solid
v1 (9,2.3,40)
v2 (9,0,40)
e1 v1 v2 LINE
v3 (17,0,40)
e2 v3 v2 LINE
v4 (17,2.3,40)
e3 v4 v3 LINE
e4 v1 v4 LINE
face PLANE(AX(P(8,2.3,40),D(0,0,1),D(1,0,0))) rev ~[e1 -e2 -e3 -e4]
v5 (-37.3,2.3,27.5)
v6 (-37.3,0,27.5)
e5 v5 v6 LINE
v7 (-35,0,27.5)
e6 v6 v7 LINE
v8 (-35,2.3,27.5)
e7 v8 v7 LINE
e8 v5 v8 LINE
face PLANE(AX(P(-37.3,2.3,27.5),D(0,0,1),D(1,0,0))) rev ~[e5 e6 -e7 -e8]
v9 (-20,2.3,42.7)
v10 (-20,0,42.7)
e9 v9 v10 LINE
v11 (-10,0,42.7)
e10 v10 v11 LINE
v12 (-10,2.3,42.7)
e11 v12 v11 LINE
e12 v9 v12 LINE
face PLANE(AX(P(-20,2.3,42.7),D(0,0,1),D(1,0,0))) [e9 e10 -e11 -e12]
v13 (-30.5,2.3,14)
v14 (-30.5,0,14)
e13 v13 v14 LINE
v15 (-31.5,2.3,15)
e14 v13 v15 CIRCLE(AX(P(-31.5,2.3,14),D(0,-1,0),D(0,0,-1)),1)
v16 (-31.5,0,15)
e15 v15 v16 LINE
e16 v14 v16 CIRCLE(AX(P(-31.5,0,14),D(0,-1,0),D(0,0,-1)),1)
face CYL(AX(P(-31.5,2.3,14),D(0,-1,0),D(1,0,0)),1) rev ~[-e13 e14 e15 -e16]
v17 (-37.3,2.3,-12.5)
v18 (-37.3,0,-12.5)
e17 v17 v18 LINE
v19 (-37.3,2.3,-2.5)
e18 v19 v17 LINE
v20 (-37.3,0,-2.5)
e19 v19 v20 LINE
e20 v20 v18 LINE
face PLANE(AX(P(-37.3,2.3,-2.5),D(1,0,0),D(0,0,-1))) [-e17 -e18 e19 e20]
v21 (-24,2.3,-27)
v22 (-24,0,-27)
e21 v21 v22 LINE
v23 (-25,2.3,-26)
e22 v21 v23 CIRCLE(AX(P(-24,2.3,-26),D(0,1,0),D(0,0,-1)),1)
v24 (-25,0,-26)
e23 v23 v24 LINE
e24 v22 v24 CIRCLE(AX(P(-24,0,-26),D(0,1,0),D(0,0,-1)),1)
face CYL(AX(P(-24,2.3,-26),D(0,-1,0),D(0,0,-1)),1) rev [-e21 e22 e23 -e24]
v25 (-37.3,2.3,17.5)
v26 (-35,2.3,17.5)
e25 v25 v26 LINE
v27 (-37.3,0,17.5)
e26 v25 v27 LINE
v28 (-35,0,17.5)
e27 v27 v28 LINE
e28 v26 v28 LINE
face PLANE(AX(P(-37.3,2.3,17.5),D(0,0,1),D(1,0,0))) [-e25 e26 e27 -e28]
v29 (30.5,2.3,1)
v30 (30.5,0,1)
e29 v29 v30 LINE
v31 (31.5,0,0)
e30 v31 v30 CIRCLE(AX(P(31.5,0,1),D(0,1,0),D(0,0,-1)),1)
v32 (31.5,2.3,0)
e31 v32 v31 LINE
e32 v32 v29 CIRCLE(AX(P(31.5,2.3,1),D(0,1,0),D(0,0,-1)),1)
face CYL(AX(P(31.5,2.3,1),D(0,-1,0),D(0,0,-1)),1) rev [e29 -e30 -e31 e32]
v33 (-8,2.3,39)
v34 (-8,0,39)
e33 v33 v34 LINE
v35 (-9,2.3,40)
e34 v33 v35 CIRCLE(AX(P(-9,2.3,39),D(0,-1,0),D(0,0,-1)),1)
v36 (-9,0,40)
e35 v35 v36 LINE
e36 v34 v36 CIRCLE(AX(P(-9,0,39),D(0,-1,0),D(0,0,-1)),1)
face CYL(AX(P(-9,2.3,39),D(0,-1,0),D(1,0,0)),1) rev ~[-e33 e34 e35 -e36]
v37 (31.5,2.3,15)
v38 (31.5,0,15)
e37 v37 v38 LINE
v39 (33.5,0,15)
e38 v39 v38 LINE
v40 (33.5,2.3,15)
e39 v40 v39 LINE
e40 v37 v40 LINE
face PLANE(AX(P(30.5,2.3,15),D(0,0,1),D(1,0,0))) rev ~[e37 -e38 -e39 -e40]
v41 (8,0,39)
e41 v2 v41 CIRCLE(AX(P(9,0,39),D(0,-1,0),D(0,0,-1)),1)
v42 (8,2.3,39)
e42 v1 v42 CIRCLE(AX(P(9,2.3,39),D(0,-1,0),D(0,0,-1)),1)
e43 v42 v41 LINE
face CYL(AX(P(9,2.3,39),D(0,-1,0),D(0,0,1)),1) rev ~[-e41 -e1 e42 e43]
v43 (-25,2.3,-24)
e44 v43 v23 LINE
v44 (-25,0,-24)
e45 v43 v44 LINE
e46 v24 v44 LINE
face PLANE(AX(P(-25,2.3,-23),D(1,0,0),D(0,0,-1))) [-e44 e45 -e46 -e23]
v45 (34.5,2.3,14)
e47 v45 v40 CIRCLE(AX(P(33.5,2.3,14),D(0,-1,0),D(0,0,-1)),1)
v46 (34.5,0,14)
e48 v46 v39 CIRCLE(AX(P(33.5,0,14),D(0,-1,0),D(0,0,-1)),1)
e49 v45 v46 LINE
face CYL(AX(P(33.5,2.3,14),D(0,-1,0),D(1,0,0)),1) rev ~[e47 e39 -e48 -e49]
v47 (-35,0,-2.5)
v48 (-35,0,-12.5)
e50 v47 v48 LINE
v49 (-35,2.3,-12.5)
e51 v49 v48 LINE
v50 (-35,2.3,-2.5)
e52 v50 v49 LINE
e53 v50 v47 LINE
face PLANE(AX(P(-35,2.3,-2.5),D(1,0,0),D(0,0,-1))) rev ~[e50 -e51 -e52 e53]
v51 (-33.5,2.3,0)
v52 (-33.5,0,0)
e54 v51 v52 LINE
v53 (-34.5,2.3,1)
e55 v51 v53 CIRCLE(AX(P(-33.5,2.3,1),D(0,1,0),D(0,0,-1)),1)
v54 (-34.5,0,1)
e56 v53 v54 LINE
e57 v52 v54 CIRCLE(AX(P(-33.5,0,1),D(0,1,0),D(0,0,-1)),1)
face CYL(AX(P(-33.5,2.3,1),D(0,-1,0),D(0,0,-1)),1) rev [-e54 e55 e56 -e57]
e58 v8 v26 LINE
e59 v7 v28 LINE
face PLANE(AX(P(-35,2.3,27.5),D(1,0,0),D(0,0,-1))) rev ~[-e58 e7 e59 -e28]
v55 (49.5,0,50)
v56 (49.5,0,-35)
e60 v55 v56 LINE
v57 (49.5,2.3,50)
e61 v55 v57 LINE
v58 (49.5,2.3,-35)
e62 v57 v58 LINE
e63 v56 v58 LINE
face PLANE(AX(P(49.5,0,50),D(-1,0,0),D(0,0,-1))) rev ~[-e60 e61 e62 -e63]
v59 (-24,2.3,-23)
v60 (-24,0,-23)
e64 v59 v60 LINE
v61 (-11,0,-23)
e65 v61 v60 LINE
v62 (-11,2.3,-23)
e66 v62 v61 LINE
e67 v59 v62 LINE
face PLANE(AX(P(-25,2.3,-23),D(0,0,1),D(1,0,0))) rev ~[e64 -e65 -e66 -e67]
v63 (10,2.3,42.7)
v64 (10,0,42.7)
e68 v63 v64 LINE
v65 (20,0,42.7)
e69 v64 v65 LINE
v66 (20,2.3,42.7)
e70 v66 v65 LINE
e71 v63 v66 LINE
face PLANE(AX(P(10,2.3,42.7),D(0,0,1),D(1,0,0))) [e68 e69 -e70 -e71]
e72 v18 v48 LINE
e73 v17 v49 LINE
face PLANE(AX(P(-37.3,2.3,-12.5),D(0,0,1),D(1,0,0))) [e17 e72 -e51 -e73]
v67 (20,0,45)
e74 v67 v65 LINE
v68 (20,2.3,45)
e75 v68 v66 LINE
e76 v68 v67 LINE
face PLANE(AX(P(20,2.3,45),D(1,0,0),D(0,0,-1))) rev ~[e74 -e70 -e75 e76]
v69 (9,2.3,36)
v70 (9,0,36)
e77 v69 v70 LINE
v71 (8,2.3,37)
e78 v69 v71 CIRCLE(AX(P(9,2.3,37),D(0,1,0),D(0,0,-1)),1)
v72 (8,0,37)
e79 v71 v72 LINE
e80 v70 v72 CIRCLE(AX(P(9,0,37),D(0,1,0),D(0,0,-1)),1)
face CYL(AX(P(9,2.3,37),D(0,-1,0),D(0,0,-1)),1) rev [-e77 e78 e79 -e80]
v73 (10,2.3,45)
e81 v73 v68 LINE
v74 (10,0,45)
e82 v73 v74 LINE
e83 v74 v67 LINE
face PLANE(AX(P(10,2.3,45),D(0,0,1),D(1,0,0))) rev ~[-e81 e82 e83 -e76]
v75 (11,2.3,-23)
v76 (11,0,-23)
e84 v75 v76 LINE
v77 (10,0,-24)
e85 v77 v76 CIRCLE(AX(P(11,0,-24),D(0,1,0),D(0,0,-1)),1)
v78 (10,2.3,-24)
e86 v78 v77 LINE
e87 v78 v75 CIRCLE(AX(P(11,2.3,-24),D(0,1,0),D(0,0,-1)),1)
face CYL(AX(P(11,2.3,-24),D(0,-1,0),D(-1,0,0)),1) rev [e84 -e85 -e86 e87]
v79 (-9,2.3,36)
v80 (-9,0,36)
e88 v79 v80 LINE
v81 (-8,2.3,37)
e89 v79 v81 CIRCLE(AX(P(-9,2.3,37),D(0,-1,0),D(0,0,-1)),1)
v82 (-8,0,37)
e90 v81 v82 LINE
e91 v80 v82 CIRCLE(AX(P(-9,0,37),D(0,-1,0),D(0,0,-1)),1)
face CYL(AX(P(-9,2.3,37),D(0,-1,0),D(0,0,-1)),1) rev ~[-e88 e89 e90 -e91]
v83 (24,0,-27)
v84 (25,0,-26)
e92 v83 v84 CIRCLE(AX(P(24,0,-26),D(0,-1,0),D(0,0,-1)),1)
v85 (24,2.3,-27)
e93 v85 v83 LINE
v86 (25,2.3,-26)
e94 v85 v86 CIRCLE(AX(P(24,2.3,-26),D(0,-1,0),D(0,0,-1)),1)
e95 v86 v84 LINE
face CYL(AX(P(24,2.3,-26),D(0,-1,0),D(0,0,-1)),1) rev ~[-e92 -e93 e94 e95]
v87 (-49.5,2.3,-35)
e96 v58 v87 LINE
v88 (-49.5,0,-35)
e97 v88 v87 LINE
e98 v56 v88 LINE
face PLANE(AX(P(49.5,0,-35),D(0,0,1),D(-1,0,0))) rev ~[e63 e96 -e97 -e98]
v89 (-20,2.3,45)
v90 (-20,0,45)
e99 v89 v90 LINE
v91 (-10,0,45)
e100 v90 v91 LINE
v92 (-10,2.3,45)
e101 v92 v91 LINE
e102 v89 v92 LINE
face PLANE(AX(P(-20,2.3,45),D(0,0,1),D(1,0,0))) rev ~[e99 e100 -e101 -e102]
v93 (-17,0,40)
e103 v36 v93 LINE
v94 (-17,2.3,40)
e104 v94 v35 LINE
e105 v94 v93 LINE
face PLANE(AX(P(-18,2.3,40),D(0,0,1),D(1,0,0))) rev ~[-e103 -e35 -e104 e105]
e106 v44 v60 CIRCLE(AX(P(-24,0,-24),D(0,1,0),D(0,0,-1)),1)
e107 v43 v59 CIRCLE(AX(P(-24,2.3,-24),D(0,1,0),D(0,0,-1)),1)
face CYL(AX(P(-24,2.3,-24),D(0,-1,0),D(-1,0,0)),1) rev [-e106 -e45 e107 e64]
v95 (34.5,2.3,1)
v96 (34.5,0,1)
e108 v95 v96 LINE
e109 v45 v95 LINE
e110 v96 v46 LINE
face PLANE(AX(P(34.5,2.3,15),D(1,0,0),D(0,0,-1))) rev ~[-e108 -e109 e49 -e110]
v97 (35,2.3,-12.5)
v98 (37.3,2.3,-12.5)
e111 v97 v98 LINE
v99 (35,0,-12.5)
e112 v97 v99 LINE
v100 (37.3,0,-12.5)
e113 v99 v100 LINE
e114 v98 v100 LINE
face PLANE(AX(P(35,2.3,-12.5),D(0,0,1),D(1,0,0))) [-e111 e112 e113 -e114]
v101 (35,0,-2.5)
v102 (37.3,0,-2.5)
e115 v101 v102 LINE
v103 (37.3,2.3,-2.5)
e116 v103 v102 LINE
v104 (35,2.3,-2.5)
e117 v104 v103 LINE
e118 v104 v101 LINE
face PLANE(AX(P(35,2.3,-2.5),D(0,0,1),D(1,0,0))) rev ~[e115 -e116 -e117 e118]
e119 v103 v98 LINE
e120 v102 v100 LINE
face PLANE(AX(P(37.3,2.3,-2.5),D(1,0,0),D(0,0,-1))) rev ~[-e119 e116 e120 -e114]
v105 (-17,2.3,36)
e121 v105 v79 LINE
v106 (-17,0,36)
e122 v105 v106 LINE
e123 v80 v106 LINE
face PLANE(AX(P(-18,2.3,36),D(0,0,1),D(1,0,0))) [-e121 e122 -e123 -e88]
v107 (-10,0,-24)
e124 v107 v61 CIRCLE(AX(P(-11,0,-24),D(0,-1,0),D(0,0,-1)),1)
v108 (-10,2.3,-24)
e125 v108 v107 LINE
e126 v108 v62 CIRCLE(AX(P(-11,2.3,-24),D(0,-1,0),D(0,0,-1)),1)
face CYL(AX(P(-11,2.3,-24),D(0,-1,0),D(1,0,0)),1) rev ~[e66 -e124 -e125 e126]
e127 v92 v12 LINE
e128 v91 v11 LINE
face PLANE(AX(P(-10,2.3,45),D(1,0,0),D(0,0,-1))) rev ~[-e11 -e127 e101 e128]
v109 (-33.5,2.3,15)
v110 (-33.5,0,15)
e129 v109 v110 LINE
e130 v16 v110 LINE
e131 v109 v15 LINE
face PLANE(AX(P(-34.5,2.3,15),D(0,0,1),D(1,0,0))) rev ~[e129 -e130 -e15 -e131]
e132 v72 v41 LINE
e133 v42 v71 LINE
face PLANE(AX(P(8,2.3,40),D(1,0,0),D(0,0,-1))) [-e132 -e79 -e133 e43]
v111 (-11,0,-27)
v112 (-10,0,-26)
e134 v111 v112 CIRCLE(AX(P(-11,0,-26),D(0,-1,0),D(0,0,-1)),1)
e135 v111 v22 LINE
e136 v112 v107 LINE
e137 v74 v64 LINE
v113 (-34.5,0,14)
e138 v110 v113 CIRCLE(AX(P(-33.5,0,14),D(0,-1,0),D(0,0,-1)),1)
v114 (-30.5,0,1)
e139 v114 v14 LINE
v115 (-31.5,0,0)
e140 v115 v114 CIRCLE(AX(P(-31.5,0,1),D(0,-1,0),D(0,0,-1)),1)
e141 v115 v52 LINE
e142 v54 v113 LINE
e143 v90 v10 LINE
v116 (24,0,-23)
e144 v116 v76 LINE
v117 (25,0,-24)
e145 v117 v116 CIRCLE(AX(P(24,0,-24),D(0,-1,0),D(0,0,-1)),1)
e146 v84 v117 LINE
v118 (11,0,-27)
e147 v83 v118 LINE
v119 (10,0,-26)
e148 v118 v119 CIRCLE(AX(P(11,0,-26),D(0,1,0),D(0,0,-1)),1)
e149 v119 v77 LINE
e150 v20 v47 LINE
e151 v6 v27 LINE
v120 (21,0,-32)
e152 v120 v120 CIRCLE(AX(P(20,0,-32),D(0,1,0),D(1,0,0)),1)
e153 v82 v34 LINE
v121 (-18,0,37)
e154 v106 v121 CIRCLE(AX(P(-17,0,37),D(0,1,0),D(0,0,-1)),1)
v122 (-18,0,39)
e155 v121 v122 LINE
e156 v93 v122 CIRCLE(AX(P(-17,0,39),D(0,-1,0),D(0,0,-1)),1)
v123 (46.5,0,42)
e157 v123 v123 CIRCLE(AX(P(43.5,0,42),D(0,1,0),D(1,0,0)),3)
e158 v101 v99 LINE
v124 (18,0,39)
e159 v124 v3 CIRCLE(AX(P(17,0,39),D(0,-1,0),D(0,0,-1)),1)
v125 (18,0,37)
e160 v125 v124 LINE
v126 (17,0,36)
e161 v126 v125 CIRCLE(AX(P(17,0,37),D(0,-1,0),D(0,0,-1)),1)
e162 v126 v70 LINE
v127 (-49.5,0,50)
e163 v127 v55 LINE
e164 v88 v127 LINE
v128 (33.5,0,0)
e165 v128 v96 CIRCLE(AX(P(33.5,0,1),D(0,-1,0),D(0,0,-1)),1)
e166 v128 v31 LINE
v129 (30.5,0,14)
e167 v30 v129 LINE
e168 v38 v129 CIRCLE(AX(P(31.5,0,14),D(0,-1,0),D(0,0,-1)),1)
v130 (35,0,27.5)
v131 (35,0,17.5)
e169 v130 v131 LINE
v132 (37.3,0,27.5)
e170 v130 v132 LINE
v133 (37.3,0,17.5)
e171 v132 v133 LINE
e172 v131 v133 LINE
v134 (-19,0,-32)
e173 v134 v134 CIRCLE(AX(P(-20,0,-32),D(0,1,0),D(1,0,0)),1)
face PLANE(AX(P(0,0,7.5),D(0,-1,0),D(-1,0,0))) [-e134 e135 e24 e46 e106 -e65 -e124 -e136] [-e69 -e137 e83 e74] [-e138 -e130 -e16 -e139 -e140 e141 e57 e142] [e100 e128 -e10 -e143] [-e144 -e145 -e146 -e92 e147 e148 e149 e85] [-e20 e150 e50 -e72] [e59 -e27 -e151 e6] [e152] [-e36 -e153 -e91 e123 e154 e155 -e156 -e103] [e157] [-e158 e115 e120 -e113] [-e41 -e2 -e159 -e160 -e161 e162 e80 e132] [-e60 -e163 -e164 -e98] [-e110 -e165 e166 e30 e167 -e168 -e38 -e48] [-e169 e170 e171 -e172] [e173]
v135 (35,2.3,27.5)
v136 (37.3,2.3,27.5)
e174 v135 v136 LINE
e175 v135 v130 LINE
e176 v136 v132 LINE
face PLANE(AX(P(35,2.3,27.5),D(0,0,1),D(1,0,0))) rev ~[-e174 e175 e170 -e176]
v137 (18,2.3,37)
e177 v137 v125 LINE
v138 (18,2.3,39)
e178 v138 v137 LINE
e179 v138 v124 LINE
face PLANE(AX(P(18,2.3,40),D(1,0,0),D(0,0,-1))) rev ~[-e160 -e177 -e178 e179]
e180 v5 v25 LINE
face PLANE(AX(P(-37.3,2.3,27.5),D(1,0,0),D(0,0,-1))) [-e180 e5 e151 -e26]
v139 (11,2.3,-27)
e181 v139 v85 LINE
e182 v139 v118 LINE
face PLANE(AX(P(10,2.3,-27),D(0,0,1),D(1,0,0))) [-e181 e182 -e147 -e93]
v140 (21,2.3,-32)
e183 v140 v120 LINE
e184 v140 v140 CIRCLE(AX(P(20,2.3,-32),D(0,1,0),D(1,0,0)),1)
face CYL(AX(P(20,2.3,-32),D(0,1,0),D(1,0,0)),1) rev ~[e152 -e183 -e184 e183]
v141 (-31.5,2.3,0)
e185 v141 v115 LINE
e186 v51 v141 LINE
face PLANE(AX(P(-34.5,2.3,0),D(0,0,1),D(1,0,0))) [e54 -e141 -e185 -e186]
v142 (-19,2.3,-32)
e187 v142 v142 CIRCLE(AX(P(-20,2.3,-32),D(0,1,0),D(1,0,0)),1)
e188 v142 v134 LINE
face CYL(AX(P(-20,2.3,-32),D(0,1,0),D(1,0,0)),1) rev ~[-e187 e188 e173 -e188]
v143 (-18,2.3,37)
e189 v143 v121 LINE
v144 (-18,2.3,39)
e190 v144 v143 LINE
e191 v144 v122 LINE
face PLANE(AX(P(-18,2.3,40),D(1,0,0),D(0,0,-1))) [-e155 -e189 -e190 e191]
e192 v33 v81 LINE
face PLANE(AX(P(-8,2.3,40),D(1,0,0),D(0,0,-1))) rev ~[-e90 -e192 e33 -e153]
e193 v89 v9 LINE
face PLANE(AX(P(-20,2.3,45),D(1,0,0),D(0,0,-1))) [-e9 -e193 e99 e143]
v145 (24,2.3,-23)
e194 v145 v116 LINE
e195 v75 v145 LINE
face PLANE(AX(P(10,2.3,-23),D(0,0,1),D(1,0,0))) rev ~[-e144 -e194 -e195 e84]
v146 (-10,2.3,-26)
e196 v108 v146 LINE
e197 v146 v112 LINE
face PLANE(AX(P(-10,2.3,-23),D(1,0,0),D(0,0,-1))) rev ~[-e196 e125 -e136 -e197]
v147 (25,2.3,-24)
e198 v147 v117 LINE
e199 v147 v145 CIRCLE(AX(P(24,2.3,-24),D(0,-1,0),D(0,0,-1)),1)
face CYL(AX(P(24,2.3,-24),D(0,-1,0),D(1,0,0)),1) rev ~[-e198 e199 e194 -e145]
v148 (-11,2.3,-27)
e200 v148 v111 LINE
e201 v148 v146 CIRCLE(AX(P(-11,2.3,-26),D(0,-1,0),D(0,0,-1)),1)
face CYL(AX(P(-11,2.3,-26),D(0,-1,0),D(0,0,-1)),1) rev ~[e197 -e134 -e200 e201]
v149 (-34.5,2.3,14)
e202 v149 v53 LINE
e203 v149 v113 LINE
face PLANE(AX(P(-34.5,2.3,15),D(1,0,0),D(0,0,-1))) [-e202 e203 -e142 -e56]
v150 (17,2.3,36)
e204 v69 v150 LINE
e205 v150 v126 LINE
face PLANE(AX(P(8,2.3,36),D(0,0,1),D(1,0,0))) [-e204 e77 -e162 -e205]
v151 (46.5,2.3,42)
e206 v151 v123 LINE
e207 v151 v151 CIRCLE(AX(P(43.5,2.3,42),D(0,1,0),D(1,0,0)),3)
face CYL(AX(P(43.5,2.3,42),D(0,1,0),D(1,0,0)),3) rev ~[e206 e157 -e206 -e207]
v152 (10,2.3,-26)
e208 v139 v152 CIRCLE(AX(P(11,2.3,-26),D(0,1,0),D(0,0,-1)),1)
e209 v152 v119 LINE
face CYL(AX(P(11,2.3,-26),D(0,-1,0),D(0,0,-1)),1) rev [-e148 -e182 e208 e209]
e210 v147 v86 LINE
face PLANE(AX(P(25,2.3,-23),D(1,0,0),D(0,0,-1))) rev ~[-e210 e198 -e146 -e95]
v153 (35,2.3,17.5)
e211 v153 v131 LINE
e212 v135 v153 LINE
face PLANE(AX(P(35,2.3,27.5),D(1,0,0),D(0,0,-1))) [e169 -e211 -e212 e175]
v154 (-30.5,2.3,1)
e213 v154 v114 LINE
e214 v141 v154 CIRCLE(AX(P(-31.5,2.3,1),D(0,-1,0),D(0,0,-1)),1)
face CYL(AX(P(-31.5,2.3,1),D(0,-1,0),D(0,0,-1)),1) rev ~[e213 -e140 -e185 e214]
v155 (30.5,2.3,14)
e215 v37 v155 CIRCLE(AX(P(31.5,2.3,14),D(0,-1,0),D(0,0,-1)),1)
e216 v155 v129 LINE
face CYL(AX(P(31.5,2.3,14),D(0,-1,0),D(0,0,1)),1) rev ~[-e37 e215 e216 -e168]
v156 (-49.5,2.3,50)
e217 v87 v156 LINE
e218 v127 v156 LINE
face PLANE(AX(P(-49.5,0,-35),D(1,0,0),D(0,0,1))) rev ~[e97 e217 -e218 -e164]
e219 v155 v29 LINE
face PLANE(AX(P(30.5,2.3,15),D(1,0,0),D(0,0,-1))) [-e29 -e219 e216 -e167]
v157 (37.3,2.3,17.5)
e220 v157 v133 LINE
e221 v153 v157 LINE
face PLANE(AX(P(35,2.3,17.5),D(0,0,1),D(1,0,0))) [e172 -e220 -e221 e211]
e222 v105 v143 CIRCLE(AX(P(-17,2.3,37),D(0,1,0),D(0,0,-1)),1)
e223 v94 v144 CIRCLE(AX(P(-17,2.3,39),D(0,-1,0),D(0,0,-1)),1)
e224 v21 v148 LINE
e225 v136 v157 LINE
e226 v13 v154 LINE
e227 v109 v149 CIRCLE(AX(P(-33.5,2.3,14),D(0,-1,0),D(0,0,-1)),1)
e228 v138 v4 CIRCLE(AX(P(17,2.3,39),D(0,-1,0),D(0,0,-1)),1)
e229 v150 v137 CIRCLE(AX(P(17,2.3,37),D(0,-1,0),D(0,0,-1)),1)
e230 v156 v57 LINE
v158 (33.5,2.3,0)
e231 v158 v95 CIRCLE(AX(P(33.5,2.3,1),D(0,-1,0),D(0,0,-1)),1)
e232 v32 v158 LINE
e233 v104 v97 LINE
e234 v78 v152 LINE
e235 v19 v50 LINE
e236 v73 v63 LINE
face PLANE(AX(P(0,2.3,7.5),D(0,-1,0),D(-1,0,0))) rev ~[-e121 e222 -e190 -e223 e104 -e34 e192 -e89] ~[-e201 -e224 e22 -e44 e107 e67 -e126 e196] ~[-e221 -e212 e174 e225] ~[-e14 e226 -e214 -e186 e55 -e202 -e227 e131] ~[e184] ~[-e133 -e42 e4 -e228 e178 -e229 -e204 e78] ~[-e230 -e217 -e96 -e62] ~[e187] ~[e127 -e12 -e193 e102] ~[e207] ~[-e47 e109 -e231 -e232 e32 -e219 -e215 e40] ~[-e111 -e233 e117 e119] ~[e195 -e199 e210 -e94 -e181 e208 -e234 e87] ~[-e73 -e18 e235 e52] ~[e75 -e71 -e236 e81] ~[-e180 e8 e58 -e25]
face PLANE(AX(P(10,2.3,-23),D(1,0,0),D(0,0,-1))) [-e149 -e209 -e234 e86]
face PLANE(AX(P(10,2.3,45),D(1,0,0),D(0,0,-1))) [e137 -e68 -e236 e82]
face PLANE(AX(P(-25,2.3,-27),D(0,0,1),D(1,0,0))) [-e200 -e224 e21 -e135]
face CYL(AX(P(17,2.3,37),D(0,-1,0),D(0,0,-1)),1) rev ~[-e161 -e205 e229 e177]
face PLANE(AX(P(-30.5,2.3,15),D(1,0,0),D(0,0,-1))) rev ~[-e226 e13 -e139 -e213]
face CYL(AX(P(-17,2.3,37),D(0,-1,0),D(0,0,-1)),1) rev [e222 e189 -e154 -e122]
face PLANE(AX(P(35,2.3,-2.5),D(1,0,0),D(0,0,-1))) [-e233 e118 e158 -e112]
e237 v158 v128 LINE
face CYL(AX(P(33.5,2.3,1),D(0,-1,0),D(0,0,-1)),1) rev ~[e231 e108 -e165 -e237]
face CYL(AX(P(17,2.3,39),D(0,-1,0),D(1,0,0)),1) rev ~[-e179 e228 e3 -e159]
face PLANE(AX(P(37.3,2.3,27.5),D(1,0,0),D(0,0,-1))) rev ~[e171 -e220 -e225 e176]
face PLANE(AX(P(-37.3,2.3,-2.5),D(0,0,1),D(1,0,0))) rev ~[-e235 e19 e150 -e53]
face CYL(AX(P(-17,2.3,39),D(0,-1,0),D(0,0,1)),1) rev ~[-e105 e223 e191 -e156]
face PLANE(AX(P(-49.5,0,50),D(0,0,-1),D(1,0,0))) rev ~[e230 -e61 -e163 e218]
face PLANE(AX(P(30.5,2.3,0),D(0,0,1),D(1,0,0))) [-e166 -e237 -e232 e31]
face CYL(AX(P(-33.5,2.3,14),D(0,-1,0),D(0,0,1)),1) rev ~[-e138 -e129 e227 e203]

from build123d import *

# Parameters (mm, degrees)
BOSS_EXTRUDE1_DEPTH = 2.3
SKETCH2_R           = 1
CUT_EXTRUDE1_DEPTH  = 2.3
SKETCH3_W           = 10
SKETCH3_H           = 2.3
CUT_EXTRUDE2_DEPTH  = 2.3
SKETCH4_W           = 15
SKETCH4_H           = 4
CUT_EXTRUDE3_DEPTH  = 10
SKETCH5_W           = 2.3
SKETCH5_H           = 10
CUT_EXTRUDE4_DEPTH  = 2.3
FILLET1_R           = 1
SKETCH6_W           = 4
SKETCH6_H           = 15
SKETCH6_W_2         = 10
SKETCH6_H_2         = 4
CUT_EXTRUDE5_DEPTH  = 10
FILLET3_R           = 1
SKETCH7_R           = 3
CUT_EXTRUDE6_DEPTH  = 10


with BuildPart() as part:
    # Sketch1 → Boss-Extrude1 (new body)
    with BuildSketch(Plane(origin=(0, 0, 0), x_dir=(1, 0, 0), z_dir=(0, 1, 0))):
        Polygon((0, -50), (-49.5, -50), (-49.5, 0), (-49.5, 35), (0, 35), (49.5, 35), (49.5, 0), (49.5, -50), align=None)
    extrude(amount=BOSS_EXTRUDE1_DEPTH)

    # Sketch2 → Cut-Extrude1 (cut)
    with BuildSketch(Plane(origin=(0, 2.3, 0), x_dir=(1, 0, 0), z_dir=(0, 1, 0))):
        with Locations((-20, 32)):
            Circle(SKETCH2_R)
        with Locations((20, 32)):
            Circle(SKETCH2_R)
    extrude(amount=-CUT_EXTRUDE1_DEPTH, mode=Mode.SUBTRACT)

    # Sketch3 → Cut-Extrude2 (cut)
    with BuildSketch(Plane(origin=(0, 2.3, 0), x_dir=(1, 0, 0), z_dir=(0, 1, 0))):
        with Locations((-15, -43.85)):
            Rectangle(SKETCH3_W, SKETCH3_H)
        with Locations((15, -43.85)):
            Rectangle(SKETCH3_W, SKETCH3_H)
    extrude(amount=-CUT_EXTRUDE2_DEPTH, mode=Mode.SUBTRACT)

    # Sketch4 → Cut-Extrude3 (cut)
    with BuildSketch(Plane(origin=(0, 2.3, 0), x_dir=(1, 0, 0), z_dir=(0, 1, 0))):
        with Locations((-17.5, 25)):
            Rectangle(SKETCH4_W, SKETCH4_H)
        with Locations((17.5, 25)):
            Rectangle(SKETCH4_W, SKETCH4_H)
    extrude(amount=-CUT_EXTRUDE3_DEPTH, mode=Mode.SUBTRACT)

    # Sketch5 → Cut-Extrude4 (cut)
    with BuildSketch(Plane(origin=(0, 2.3, 0), x_dir=(1, 0, 0), z_dir=(0, 1, 0))):
        with Locations((-36.15, 7.5)):
            Rectangle(SKETCH5_W, SKETCH5_H)
        with Locations((-36.15, -22.5)):
            Rectangle(SKETCH5_W, SKETCH5_H)
        with Locations((36.15, -22.5)):
            Rectangle(SKETCH5_W, SKETCH5_H)
        with Locations((36.15, 7.5)):
            Rectangle(SKETCH5_W, SKETCH5_H)
    extrude(amount=-CUT_EXTRUDE4_DEPTH, mode=Mode.SUBTRACT)

    # Fillet1
    fillet1_edges = [part.edges().sort_by_distance(p)[0] for p in [
        (-25, 1.15, -23),
        (-25, 1.15, -27),
        (-10, 1.15, -27),
        (-10, 1.15, -23),
        (10, 1.15, -23),
        (10, 1.15, -27),
        (25, 1.15, -27),
        (25, 1.15, -23),
    ]]
    fillet(fillet1_edges, radius=FILLET1_R)

    # Sketch6 → Cut-Extrude5 (cut)
    with BuildSketch(Plane(origin=(0, 2.3, 0), x_dir=(1, 0, 0), z_dir=(0, 1, 0))):
        with Locations((32.5, -7.5)):
            Rectangle(SKETCH6_W, SKETCH6_H)
        with Locations((-32.5, -7.5)):
            Rectangle(SKETCH6_W, SKETCH6_H)
        with Locations((-13, -38)):
            Rectangle(SKETCH6_W_2, SKETCH6_H_2)
        with Locations((13, -38)):
            Rectangle(SKETCH6_W_2, SKETCH6_H_2)
    extrude(amount=-CUT_EXTRUDE5_DEPTH, mode=Mode.SUBTRACT)

    # Fillet3
    fillet3_edges = [part.edges().sort_by_distance(p)[0] for p in [
        (-34.5, 1.15, 15),
        (-34.5, 1.15, 0),
        (-30.5, 1.15, 0),
        (-30.5, 1.15, 15),
        (34.5, 1.15, 15),
        (30.5, 1.15, 15),
        (30.5, 1.15, 0),
        (34.5, 1.15, 0),
        (-8, 1.15, 36),
        (-8, 1.15, 40),
        (-18, 1.15, 40),
        (-18, 1.15, 36),
        (8, 1.15, 40),
        (8, 1.15, 36),
        (18, 1.15, 36),
        (18, 1.15, 40),
    ]]
    fillet(fillet3_edges, radius=FILLET3_R)

    # Sketch7 → Cut-Extrude6 (cut)
    with BuildSketch(Plane(origin=(0, 2.3, 0), x_dir=(1, 0, 0), z_dir=(0, 1, 0))):
        with Locations((43.5, -42)):
            Circle(SKETCH7_R)
    extrude(amount=-CUT_EXTRUDE6_DEPTH, mode=Mode.SUBTRACT)


solid = part.part
